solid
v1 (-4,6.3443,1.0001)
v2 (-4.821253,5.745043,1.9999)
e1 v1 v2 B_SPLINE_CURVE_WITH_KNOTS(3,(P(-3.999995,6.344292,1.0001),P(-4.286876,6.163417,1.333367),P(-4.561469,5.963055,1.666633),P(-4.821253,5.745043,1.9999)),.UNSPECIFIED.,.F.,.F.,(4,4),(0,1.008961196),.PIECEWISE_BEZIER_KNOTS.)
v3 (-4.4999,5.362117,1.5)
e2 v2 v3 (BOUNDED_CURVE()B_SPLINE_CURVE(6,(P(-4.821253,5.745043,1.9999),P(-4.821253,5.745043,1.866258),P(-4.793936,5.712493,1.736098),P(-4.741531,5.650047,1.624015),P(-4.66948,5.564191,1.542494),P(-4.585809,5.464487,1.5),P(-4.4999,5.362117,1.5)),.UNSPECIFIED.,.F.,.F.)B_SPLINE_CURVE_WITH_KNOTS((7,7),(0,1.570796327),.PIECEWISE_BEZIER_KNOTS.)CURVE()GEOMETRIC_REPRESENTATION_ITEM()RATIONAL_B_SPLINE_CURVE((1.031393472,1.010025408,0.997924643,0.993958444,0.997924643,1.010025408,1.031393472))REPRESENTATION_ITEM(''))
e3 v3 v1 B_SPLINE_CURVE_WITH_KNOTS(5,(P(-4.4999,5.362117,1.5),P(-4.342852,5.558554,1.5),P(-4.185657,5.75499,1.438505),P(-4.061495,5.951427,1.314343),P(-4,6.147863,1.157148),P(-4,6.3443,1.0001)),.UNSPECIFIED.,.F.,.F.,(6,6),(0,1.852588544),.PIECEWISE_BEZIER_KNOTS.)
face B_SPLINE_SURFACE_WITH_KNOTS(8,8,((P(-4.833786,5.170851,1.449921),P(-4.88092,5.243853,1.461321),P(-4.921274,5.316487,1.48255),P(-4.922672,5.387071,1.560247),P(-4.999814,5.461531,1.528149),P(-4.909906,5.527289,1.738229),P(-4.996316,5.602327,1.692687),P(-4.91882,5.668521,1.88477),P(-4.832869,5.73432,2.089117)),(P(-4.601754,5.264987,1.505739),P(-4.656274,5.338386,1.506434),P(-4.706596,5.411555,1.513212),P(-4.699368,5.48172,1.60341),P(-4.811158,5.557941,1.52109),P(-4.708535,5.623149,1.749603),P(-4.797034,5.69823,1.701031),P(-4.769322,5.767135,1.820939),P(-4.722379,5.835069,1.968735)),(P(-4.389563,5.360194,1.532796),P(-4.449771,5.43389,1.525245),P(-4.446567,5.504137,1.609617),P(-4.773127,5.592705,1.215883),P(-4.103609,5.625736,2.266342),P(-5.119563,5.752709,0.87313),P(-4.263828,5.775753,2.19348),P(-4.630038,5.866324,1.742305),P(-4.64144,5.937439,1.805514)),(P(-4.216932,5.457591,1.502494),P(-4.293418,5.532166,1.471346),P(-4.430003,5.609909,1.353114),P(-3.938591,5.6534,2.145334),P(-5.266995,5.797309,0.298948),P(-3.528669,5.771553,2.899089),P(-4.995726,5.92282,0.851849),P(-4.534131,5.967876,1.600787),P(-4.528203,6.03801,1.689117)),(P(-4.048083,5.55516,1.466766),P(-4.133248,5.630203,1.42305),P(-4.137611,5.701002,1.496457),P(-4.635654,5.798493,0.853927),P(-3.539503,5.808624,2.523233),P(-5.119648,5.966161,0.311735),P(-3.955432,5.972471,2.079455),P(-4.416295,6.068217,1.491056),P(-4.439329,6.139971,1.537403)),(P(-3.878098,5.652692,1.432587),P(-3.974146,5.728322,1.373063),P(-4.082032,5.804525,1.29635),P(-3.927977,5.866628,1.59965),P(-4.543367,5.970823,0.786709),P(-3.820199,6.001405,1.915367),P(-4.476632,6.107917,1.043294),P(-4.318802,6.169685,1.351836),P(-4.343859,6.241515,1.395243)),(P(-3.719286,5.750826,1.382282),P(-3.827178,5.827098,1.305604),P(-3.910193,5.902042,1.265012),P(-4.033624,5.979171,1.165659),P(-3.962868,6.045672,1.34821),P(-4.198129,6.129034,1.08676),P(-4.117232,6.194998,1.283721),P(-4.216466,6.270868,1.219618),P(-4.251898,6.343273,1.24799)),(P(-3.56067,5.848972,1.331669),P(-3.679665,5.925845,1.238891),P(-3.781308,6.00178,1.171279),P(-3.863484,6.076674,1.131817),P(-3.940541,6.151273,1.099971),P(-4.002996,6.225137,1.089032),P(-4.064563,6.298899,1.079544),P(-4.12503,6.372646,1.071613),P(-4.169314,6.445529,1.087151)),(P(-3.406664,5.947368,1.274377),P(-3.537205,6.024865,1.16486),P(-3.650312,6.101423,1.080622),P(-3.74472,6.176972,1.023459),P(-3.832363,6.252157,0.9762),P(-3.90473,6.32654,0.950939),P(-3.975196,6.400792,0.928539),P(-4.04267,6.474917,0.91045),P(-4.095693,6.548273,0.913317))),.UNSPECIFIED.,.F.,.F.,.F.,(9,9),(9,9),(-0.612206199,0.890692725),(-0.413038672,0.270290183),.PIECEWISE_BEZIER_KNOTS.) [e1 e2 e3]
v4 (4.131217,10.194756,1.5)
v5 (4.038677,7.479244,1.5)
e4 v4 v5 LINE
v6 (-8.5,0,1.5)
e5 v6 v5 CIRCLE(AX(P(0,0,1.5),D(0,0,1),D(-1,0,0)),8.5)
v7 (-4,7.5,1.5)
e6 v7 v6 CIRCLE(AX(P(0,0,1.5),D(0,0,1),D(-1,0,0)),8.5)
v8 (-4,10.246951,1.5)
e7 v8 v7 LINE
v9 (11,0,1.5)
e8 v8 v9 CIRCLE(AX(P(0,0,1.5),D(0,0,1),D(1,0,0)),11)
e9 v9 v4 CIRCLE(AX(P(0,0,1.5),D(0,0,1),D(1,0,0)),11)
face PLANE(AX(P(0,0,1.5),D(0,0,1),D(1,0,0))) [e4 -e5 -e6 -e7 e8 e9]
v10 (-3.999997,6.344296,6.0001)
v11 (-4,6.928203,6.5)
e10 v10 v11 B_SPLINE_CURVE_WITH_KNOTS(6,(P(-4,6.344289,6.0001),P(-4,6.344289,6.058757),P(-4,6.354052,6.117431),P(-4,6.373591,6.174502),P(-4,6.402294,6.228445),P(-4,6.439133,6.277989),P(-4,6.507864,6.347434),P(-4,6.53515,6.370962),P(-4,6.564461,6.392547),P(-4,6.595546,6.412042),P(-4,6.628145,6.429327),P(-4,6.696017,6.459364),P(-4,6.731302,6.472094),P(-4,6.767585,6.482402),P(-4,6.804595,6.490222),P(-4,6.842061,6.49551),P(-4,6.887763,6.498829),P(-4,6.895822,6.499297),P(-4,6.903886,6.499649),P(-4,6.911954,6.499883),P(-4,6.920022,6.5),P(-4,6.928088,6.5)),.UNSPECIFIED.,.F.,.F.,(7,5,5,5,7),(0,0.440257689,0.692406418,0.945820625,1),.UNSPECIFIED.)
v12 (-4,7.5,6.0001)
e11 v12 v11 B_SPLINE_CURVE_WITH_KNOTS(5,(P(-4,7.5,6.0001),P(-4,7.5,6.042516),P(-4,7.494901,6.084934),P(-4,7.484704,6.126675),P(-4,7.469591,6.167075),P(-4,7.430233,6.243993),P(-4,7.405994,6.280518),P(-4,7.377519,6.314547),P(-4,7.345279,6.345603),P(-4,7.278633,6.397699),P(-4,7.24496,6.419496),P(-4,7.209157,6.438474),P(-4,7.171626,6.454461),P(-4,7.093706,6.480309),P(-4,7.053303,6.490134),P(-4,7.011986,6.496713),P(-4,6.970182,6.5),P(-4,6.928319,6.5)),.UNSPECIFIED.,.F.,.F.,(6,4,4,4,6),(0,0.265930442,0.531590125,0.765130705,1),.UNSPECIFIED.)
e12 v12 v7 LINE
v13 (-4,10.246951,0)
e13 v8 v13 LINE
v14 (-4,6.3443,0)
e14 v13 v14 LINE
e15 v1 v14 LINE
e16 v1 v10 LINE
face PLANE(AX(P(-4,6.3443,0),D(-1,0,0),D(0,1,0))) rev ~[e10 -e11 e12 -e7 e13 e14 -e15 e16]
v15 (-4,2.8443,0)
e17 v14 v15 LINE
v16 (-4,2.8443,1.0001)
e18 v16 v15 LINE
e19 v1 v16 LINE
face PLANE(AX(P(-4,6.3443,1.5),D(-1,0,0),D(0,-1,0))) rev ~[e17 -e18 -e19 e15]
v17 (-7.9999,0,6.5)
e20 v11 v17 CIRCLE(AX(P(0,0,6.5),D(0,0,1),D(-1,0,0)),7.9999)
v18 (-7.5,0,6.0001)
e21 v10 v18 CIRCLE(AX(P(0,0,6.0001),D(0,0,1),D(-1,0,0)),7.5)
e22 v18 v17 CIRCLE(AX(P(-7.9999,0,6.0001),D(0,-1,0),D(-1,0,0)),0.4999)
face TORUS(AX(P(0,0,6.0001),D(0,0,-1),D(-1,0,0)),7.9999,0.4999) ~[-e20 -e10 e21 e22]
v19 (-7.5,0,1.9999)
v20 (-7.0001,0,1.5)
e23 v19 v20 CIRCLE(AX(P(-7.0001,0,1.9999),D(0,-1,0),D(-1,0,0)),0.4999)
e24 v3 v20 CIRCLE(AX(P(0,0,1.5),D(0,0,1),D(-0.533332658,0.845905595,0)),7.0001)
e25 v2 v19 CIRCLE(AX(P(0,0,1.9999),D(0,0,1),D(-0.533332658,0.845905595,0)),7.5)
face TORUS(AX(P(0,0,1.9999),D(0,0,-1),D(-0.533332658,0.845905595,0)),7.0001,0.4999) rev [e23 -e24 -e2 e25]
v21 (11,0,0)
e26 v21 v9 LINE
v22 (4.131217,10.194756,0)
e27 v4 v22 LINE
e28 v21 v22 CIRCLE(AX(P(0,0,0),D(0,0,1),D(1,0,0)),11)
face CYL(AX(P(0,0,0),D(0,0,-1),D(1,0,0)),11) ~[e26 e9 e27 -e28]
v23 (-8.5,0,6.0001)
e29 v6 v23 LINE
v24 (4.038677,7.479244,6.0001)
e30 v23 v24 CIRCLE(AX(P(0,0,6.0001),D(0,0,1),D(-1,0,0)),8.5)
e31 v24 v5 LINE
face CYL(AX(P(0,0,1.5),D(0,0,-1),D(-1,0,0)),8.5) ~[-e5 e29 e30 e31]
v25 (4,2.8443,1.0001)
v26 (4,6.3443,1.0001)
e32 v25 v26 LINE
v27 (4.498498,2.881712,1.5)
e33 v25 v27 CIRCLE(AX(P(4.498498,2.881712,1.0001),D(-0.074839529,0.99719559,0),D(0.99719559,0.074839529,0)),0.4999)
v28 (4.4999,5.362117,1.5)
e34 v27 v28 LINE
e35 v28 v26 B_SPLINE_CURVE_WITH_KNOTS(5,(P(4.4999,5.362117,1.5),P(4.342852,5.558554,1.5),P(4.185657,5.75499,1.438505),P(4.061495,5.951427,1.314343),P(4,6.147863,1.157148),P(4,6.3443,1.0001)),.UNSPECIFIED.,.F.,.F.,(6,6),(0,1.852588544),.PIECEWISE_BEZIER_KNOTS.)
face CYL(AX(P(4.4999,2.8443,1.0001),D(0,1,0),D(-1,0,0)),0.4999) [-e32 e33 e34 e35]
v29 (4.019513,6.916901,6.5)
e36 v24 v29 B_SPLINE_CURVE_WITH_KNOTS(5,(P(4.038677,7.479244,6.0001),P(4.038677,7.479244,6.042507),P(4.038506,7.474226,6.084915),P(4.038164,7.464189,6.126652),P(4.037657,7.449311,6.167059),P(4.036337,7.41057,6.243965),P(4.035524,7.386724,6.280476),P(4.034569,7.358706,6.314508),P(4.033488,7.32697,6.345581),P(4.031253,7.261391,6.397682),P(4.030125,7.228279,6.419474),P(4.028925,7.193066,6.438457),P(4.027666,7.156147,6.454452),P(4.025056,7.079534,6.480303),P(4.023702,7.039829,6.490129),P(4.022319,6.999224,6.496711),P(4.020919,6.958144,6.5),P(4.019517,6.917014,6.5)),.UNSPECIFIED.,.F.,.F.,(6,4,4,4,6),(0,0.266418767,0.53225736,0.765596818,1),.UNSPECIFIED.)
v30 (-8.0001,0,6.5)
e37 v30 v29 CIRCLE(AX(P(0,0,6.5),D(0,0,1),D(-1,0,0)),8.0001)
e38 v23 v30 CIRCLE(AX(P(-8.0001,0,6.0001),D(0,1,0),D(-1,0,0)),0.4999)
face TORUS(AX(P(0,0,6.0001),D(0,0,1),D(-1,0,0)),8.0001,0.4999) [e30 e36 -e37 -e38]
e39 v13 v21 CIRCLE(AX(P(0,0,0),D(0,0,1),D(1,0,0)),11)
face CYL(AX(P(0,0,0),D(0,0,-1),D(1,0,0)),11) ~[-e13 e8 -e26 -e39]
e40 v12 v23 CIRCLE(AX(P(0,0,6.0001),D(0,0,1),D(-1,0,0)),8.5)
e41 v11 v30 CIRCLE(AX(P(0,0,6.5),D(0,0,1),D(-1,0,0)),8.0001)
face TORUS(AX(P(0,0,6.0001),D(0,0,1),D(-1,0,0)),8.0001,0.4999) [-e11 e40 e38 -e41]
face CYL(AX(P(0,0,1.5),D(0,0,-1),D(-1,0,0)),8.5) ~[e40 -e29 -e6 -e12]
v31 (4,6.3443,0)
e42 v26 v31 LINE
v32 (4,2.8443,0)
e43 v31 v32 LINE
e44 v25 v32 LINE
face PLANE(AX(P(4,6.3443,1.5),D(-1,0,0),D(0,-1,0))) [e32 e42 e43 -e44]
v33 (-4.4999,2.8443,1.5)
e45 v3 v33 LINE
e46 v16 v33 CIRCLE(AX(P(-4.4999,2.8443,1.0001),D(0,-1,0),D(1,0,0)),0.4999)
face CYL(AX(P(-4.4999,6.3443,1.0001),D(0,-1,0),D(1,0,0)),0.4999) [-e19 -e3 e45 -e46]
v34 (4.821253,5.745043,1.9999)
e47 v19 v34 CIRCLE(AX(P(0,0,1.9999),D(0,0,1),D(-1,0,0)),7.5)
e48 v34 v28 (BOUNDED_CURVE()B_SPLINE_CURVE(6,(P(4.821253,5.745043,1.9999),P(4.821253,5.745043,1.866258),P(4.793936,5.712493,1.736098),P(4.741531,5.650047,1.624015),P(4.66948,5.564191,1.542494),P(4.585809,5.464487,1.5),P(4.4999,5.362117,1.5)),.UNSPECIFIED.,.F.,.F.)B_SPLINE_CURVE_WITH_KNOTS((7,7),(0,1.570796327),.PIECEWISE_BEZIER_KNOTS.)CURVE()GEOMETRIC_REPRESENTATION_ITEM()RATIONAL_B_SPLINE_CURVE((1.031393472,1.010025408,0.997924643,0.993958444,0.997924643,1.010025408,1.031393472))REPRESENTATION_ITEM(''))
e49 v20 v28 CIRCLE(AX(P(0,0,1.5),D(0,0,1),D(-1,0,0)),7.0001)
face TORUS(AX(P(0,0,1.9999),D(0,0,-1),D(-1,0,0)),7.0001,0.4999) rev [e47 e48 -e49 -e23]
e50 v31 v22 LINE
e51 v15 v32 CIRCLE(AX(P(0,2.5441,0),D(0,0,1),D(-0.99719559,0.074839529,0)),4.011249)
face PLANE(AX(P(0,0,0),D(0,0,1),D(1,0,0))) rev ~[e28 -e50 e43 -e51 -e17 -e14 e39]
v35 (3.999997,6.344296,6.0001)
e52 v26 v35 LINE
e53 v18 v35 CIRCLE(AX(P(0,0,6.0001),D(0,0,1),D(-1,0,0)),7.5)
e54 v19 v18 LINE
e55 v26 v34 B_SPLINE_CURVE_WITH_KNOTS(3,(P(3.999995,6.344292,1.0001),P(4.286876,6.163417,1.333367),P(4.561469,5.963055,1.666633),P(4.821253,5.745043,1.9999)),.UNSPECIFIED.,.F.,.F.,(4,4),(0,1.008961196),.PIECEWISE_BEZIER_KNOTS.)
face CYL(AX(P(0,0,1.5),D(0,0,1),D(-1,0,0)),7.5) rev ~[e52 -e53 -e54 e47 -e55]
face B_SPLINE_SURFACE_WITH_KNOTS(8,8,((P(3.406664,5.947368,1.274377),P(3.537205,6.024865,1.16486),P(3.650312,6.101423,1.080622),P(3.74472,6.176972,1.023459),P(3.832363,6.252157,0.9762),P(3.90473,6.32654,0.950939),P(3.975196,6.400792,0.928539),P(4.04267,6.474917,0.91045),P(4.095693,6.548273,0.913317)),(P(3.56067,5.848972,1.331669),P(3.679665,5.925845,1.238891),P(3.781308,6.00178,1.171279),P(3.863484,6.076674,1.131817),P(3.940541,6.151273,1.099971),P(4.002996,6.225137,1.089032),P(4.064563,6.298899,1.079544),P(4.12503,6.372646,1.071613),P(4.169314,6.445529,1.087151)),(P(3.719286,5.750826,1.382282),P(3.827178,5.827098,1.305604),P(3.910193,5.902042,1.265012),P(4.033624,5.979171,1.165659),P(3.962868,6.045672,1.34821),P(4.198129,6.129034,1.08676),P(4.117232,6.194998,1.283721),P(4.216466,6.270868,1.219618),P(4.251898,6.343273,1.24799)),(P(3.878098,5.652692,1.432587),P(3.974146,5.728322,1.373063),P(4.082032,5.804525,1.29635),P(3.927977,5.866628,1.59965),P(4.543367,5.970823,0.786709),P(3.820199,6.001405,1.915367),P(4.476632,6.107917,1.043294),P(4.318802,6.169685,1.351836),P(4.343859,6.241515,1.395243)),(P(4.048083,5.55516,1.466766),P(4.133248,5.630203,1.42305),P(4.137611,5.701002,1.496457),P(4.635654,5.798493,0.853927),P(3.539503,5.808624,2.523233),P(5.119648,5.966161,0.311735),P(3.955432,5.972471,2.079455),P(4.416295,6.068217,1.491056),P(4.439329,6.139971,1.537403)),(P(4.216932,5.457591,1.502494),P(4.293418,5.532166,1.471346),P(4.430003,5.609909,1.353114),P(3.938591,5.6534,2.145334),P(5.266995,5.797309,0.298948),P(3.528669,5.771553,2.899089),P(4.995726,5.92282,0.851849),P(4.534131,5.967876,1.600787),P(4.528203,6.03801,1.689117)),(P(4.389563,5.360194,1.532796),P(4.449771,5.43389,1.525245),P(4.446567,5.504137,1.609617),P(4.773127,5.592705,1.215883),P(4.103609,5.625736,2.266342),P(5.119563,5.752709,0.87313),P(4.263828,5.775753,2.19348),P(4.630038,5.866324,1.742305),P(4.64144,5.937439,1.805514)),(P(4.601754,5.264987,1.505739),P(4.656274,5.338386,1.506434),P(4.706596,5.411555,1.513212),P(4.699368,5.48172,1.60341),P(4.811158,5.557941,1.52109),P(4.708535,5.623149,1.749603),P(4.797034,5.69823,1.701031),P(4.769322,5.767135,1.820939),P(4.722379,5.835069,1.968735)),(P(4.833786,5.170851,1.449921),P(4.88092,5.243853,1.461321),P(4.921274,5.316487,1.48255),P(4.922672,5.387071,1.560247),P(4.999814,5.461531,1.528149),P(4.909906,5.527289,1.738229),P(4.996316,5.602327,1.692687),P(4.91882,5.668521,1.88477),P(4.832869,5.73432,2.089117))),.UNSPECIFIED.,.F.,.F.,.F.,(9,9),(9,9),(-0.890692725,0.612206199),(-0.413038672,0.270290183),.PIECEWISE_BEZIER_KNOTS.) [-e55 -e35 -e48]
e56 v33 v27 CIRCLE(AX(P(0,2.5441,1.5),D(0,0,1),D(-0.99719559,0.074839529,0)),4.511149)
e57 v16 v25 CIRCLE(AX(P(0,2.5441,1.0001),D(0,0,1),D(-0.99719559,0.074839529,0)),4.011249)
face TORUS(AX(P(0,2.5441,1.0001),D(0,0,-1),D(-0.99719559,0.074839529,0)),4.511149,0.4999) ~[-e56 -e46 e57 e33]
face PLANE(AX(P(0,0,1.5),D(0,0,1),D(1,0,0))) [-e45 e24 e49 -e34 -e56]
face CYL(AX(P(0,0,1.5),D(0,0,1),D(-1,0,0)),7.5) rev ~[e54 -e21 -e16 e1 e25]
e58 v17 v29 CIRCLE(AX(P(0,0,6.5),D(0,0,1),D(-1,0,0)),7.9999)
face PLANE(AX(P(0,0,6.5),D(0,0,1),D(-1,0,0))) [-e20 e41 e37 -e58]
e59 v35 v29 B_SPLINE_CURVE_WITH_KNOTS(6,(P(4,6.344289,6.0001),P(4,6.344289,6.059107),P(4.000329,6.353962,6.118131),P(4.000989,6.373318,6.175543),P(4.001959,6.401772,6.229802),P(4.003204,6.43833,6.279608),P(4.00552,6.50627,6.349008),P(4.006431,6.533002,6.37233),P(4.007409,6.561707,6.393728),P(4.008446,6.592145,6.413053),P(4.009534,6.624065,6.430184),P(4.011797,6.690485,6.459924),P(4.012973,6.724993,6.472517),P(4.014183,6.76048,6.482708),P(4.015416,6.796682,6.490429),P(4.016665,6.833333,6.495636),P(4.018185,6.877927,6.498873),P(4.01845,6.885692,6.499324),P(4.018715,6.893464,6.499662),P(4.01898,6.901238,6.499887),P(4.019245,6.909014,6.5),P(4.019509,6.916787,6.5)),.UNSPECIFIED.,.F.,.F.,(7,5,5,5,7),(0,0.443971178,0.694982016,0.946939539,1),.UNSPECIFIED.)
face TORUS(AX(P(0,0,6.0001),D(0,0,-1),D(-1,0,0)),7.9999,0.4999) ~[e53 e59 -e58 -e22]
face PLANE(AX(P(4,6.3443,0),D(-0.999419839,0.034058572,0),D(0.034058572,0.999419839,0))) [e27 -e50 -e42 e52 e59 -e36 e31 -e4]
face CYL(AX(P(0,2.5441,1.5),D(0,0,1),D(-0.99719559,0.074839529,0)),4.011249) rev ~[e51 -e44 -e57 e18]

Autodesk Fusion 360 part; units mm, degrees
sketch "Sketch1" plane through (0, 0, 0) normal (0, 0, 1) x (1, 0, 0) in component "base_cable_cover"
  circle A0 centre (0, 0) radius 11
  dimension "d1" = 22
extrude "Extrude1" add sketch "Sketch1" along normal blind 1.5 in component "base_cable_cover"
sketch "Sketch2" plane through (0, 0, 1.5) normal (0, 0, 1) x (-1, 0, 0) in component "base_cable_cover"
  circle A0 centre (0, 0) radius 11
  circle A1 centre (0, 0) radius 8.5
  circle A2 centre (0, 0) radius 7.5
  dimension "d4" = 17
  dimension "d7" = 15
extrude "Extrude2" add sketch "Sketch2" along normal blind 5 contours A1 in component "base_cable_cover"
sketch "Sketch3" plane through (0, 0, 1.5) normal (0, 0, 1) x (-1, 0, 0) in component "base_cable_cover"
  circle A0 centre (0, 0) radius 7.5
  line L0 (0, 0) -> (11, 0) construction
  circle A1 centre (0, 0) radius 8.5
  line L1 (4, -6.3443) -> (4, -2.8443)
  line L2 (0, 0) -> (0, -11.235) construction
  line L3 (0, -11.235) -> (0, -5) construction
  line L4 (-4, -6.3443) -> (-4, -2.8443)
  arc A2 (4, -2.8443) -> (-4, -2.8443) centre (0, -2.5441) ccw
  point P0 (11, 0)
  dimension "d12" = 4
  dimension "d13" = 3.5
extrude "Extrude3" cut sketch "Sketch3" against normal blind 16 contours A0 L1 L4 A2 picked at (0, -4.3962) in component "base_cable_cover"
fillet "Fillet1" radius 0.5 6 edges at (7.9248, 3.0737, 6.5) (6.9925, -2.7121, 6.5) (0, -7.5, 1.5) (0, -1.4671, 1.5) (-4, 4.5943, 1.5) (4, 4.5943, 1.5) in component "base_cable_cover"
sketch "Sketch4" plane through (0, 0, 0) normal (0, 0, -1) x (1, 0, 0) in component "base_cable_cover"
  line L0 (-4, -6.3443) -> (-4, -2.8443)
  arc A0 (4, -2.8443) -> (-4, -2.8443) centre (0, -2.5441) ccw
  line L1 (4, -2.8443) -> (4, -6.3443)
  arc A1 (-4, -6.3443) -> (4, -6.3443) centre (0, 0) ccw
  circle A2 centre (0, 0) radius 11
  line L2 (-4, -6.3443) -> (-4, -13)
  line L3 (4, -6.3443) -> (4.2188, -12.7648)
  line L4 (4.2188, -12.7648) -> (-4, -12.7648)
extrude "Extrude4" cut sketch "Sketch4" against normal blind 8 contours A1 A2 L2 L3 | A2 L2 L3 L4 in component "base_cable_cover"
component "base_cable_cover" placed x (1, 0, 0) y (0, 1, 0) z (0, 0, 1) at (0, 0, 0)
